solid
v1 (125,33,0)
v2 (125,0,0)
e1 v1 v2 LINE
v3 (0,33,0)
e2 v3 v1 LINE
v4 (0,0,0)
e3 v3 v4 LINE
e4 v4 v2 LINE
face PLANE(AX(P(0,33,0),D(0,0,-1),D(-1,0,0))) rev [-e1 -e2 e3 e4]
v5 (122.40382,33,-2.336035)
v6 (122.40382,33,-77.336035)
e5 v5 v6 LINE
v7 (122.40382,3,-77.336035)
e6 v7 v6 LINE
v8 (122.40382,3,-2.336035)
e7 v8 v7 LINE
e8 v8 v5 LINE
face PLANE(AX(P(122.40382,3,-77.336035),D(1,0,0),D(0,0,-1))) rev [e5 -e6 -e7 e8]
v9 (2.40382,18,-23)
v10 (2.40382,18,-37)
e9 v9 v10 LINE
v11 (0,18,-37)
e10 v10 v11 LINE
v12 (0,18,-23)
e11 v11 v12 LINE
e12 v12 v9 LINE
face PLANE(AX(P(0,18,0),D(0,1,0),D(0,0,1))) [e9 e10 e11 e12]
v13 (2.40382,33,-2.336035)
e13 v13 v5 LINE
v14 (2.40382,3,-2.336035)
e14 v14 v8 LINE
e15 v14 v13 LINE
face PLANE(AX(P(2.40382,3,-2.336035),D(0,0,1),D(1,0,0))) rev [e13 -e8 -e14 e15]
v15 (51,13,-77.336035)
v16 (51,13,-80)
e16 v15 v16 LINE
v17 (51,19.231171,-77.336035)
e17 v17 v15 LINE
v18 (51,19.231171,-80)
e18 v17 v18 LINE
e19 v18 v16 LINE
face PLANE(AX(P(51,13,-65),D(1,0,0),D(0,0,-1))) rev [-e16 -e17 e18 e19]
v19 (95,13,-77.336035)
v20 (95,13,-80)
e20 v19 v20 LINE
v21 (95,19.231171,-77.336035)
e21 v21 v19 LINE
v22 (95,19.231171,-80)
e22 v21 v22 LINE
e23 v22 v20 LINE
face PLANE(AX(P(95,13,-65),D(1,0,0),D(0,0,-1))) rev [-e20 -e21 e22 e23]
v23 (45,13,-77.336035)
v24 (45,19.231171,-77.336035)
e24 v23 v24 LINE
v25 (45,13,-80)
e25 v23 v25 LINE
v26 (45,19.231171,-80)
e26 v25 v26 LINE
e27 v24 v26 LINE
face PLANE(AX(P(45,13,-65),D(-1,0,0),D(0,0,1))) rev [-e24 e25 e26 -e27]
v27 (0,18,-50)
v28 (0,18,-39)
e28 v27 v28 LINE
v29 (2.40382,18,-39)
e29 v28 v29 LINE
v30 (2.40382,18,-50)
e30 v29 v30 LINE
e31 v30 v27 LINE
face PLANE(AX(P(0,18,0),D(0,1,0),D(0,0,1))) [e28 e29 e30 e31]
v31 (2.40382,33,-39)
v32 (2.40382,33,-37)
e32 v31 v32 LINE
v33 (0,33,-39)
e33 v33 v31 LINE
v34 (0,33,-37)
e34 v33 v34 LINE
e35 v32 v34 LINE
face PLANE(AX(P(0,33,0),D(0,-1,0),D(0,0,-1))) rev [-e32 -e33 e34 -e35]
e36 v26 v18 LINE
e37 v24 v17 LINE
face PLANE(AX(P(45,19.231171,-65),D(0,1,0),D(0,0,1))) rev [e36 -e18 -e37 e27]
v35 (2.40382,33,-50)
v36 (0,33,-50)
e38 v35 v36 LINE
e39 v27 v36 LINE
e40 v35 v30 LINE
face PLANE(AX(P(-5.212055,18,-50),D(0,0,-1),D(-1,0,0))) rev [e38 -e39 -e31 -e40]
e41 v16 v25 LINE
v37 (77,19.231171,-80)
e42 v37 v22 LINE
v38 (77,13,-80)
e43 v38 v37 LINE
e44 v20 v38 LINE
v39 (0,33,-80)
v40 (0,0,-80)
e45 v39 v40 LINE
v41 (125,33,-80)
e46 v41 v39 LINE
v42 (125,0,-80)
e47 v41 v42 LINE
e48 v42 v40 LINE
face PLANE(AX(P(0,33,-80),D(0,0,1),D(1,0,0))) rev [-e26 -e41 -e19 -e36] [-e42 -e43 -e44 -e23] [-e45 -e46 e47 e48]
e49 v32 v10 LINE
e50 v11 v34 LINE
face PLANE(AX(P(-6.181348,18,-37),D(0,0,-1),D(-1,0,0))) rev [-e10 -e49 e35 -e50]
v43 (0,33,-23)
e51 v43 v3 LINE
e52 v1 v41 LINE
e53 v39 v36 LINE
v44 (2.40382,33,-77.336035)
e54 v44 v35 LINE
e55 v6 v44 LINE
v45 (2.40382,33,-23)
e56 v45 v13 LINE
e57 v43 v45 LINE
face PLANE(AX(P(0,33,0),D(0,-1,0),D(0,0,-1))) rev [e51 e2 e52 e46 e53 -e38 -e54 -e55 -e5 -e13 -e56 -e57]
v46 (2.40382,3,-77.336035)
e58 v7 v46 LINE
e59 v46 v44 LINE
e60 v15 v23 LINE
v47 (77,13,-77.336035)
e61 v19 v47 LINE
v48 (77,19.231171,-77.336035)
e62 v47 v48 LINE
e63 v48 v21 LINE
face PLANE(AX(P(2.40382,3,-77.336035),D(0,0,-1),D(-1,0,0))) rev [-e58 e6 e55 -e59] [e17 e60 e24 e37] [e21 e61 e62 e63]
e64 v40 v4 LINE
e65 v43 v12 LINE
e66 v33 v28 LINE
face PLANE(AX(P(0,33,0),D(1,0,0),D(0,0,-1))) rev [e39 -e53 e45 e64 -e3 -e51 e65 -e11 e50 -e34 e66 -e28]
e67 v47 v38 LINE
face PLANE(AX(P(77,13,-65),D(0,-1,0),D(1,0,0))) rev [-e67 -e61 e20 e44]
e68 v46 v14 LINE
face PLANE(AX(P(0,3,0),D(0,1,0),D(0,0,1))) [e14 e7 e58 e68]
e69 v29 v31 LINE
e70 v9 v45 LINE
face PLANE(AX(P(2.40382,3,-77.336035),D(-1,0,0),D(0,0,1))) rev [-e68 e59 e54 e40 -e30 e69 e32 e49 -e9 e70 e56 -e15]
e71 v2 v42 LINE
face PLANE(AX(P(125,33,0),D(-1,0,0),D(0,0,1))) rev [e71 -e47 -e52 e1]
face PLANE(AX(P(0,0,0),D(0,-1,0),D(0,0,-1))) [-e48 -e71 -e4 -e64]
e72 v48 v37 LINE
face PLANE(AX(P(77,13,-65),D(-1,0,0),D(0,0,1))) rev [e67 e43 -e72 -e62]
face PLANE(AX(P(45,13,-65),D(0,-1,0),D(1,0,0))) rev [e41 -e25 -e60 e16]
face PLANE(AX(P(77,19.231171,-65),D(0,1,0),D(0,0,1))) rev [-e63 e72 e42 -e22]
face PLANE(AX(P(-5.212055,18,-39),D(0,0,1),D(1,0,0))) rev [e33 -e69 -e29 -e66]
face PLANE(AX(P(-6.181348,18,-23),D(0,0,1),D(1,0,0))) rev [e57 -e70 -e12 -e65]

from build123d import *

# Parameters (mm, degrees)
SKETCH1_W           = 125
SKETCH1_H           = 80
BOSS_EXTRUDE1_DEPTH = 33
SKETCH3_W           = 120
SKETCH3_H           = 75
CUT_EXTRUDE1_DEPTH  = 30
SKETCH6_W           = 14.123986893
SKETCH6_H           = 14
SKETCH6_W_2         = 13.154693674
SKETCH6_H_2         = 11
CUT_EXTRUDE4_DEPTH  = 15
SKETCH7_W           = 6
SKETCH7_H           = 6.231170688
SKETCH7_W_2         = 18
CUT_EXTRUDE5_DEPTH  = 15


with BuildPart() as part:
    # Sketch1 → Boss-Extrude1 (new body)
    with BuildSketch(Plane(origin=(0, 0, 0), x_dir=(1, 0, 0), z_dir=(0, 1, 0))):
        with Locations((62.5, 40)):
            Rectangle(SKETCH1_W, SKETCH1_H)
    extrude(amount=BOSS_EXTRUDE1_DEPTH)

    # Sketch3 → Cut-Extrude1 (cut)
    with BuildSketch(Plane(origin=(0, 33, 0), x_dir=(1, 0, 0), z_dir=(0, 1, 0))):
        with Locations((62.403820475, 39.836034952)):
            Rectangle(SKETCH3_W, SKETCH3_H)
    extrude(amount=-CUT_EXTRUDE1_DEPTH, mode=Mode.SUBTRACT)

    # Sketch6 → Cut-Extrude4 (cut)
    with BuildSketch(Plane(origin=(0, 33, 0), x_dir=(1, 0, 0), z_dir=(0, 1, 0))):
        with Locations((0.880645417, 30)):
            Rectangle(SKETCH6_W, SKETCH6_H)
        with Locations((1.365292027, 44.5)):
            Rectangle(SKETCH6_W_2, SKETCH6_H_2)
    extrude(amount=-CUT_EXTRUDE4_DEPTH, mode=Mode.SUBTRACT)

    # Sketch7 → Cut-Extrude5 (cut)
    with BuildSketch(Plane(origin=(0, 0, -80), x_dir=(-1, 0, 0), z_dir=(0, 0, -1))):
        with Locations((-48, 16.115585344)):
            Rectangle(SKETCH7_W, SKETCH7_H)
        with Locations((-86, 16.115585344)):
            Rectangle(SKETCH7_W_2, SKETCH7_H)
    extrude(amount=-CUT_EXTRUDE5_DEPTH, mode=Mode.SUBTRACT)


solid = part.part
